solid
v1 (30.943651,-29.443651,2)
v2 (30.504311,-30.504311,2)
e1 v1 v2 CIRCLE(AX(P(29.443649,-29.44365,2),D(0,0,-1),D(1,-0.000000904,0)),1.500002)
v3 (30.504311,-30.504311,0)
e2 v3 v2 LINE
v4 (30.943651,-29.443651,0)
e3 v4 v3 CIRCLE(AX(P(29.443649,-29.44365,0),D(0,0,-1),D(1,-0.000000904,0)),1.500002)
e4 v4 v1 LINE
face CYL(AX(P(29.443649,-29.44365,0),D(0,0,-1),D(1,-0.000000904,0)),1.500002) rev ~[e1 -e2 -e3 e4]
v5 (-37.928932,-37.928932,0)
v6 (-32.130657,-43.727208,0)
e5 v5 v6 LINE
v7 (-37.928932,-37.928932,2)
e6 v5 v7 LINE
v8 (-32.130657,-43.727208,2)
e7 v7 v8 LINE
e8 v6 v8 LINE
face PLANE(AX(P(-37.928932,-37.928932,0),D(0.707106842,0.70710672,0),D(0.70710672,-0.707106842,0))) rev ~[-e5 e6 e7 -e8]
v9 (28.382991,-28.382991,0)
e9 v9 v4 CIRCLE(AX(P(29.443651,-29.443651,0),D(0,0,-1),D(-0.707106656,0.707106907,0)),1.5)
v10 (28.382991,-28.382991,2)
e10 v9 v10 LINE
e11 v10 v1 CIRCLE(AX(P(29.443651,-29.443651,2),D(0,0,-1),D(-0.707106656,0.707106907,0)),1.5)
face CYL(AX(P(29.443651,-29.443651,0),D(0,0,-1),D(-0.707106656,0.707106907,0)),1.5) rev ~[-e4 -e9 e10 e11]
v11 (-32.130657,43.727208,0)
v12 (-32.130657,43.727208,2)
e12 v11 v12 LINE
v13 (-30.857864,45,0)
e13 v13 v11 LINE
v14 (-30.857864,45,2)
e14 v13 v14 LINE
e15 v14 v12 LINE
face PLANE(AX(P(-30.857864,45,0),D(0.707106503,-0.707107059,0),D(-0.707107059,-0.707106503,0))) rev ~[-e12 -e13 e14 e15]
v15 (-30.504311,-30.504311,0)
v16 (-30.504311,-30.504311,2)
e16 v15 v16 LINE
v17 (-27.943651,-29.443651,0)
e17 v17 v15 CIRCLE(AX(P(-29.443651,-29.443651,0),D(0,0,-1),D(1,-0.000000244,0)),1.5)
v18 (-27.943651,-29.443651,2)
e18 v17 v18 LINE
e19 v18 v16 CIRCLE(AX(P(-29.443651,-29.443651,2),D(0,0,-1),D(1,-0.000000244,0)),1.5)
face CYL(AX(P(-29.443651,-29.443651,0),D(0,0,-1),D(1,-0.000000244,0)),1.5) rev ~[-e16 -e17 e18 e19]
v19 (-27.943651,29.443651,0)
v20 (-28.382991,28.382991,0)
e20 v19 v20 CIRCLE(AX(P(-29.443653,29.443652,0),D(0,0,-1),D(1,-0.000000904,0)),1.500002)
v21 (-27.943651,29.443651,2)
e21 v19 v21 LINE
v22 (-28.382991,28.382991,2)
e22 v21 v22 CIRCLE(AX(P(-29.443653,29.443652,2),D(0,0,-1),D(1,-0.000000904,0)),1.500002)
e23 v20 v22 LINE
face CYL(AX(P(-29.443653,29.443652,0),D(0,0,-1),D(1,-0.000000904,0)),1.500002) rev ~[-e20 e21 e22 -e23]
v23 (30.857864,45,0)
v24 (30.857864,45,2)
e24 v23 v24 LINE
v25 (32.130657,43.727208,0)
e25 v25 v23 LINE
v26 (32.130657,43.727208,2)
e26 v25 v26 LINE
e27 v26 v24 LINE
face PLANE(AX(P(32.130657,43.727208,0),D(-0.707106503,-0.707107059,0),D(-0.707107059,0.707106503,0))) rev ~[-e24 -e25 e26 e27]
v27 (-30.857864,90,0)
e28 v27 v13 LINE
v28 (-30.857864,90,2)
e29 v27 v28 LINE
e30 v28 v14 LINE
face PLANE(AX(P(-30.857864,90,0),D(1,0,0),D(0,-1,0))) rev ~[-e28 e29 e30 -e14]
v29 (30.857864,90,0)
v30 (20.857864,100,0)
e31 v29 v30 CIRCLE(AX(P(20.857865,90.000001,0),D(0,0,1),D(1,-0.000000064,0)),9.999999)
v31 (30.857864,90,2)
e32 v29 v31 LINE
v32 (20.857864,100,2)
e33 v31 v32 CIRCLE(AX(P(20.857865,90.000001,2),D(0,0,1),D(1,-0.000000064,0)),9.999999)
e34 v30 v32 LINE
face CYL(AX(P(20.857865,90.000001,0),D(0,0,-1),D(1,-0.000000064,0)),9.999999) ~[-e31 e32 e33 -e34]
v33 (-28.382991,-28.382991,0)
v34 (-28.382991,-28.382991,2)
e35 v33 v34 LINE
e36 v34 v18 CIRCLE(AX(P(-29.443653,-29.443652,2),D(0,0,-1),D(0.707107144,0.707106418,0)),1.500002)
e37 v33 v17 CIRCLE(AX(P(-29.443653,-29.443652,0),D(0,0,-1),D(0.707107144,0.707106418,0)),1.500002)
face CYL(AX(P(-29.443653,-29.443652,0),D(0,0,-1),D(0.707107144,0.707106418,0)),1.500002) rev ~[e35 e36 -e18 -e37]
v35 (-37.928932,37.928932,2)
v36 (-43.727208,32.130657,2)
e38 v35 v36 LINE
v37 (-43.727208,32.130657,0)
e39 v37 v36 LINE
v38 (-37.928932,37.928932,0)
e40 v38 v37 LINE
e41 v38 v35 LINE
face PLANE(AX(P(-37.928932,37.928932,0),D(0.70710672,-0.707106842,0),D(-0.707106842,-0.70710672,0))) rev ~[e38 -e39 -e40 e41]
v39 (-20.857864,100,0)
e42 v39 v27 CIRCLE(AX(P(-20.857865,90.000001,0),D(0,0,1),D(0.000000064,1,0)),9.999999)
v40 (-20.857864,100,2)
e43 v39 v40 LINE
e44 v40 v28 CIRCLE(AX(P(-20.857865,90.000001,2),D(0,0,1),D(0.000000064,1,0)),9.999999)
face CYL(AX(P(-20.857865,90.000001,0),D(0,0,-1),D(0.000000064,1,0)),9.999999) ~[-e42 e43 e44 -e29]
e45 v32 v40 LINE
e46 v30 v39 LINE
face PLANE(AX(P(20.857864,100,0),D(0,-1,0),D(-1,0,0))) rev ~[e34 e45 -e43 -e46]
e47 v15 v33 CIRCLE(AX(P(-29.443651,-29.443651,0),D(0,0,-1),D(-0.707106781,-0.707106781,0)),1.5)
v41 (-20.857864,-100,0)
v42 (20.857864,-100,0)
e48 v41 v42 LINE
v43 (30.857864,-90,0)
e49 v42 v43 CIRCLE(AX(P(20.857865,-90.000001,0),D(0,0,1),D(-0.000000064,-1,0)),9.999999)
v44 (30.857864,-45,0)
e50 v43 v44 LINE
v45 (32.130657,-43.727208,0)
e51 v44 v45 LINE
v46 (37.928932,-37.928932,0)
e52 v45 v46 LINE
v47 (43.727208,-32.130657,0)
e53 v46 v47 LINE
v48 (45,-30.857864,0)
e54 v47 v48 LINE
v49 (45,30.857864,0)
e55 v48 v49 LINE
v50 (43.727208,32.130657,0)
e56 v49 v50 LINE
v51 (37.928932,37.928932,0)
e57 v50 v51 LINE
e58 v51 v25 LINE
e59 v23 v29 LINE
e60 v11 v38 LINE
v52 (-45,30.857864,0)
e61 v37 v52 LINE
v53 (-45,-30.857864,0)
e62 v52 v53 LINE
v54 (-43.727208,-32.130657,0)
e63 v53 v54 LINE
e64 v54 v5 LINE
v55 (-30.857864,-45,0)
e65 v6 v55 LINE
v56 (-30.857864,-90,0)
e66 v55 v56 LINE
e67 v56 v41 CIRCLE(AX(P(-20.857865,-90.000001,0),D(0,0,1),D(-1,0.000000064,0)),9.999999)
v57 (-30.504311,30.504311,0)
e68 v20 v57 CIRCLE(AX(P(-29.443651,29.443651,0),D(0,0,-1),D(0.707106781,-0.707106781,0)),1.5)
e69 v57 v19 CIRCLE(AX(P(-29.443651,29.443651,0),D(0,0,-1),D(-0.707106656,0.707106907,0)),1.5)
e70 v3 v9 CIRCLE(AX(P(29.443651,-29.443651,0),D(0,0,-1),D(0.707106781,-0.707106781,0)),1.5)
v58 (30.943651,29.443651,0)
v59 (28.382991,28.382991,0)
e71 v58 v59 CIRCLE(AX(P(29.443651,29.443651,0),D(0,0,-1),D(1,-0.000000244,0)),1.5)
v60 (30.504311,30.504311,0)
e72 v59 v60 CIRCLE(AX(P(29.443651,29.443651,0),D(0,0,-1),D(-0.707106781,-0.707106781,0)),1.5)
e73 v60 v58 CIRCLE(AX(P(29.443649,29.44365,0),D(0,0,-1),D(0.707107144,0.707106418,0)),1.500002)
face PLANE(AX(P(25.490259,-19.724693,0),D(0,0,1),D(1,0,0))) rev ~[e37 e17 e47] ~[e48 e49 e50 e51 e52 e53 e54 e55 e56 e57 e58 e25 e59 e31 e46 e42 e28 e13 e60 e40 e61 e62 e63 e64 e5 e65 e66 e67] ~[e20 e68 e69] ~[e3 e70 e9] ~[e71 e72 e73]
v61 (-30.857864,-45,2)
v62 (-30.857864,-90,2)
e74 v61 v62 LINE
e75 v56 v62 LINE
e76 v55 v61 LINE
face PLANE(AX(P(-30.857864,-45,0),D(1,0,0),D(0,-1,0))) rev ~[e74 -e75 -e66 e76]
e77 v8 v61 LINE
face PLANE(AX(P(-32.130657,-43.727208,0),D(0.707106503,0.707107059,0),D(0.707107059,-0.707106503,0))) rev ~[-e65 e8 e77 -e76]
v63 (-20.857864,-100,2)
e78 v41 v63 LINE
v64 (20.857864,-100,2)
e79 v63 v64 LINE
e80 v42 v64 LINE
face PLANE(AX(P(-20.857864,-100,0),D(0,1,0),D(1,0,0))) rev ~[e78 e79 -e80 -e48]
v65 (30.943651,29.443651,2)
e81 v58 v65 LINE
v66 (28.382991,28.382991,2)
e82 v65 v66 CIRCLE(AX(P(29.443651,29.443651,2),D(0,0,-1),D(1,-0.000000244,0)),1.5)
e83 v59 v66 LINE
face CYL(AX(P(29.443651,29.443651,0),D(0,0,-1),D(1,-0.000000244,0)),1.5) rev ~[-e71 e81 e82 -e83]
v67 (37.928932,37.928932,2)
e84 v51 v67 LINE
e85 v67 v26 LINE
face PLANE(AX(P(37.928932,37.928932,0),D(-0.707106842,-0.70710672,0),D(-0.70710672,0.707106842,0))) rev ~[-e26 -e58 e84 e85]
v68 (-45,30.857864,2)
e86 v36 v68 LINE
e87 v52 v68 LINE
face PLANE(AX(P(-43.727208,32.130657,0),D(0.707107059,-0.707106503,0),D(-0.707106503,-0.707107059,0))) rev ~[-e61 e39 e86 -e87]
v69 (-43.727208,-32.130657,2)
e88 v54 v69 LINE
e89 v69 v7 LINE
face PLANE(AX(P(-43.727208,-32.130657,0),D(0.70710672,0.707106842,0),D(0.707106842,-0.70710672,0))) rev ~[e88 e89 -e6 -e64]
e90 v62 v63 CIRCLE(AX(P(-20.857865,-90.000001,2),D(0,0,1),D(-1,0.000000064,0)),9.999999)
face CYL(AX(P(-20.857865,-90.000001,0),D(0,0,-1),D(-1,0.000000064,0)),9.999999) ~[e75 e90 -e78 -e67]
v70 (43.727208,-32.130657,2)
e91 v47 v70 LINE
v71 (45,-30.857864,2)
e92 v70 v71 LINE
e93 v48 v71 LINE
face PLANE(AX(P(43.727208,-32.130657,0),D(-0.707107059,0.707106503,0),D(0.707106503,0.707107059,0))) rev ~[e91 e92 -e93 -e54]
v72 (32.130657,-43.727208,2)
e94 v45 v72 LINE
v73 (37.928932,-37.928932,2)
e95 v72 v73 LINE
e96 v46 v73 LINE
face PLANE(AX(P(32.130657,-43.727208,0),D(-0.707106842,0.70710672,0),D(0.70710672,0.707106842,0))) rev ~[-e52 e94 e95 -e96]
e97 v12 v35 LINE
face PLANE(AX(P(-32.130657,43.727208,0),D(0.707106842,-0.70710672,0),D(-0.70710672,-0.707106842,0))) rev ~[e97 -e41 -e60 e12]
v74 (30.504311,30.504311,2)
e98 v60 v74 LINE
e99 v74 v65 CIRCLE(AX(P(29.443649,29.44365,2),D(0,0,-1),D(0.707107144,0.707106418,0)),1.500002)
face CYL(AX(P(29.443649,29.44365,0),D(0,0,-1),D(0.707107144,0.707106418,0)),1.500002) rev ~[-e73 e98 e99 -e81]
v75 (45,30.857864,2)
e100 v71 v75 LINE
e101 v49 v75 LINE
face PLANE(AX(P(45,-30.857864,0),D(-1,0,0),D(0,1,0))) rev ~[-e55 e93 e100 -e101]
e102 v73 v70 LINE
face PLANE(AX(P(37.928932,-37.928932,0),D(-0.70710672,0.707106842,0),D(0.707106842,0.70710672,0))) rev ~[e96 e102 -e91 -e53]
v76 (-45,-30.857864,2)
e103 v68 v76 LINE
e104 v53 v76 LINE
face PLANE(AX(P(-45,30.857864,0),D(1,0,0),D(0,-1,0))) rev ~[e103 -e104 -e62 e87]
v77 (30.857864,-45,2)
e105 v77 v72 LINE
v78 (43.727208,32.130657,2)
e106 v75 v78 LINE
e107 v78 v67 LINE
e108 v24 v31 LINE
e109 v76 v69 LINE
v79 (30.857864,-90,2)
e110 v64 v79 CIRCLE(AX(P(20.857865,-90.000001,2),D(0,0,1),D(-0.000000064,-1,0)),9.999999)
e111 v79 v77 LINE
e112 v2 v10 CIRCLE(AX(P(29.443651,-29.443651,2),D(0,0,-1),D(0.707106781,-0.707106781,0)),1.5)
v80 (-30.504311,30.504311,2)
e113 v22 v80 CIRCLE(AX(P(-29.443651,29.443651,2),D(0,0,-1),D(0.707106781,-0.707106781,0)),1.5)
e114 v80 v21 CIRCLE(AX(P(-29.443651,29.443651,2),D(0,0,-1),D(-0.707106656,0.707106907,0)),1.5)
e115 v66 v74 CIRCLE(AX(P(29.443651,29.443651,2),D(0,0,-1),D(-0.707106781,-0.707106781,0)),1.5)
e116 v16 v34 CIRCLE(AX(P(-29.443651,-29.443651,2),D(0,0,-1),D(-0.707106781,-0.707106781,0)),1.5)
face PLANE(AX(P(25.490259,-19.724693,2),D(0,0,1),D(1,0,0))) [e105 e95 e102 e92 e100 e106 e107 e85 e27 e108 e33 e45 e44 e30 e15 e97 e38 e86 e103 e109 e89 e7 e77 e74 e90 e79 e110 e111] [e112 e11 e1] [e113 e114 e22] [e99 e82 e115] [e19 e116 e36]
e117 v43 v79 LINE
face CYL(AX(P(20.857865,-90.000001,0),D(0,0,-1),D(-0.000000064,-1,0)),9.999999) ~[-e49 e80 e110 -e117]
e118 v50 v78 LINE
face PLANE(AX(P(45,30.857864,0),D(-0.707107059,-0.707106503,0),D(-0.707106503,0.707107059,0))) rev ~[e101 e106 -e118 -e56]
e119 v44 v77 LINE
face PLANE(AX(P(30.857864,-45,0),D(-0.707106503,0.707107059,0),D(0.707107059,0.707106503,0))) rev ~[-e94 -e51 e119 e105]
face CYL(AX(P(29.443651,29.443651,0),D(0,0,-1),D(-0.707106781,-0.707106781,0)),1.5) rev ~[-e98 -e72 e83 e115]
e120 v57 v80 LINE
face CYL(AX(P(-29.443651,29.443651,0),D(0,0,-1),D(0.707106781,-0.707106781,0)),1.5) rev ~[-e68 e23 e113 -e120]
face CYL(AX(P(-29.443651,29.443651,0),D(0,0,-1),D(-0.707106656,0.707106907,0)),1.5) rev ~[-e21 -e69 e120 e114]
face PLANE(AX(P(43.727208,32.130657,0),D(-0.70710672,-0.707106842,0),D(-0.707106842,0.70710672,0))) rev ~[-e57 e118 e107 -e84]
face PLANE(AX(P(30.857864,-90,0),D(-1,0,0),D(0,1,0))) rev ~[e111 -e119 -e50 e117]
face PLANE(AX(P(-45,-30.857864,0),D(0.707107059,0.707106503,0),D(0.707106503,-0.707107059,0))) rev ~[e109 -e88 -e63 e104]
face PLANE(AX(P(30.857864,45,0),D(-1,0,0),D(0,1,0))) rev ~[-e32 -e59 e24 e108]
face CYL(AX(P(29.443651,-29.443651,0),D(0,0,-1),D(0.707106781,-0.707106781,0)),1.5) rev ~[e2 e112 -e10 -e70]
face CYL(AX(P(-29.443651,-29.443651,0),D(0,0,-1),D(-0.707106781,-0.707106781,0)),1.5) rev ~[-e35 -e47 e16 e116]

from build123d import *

# Parameters (mm, degrees)
F1_DEPTH = 2


with BuildPart() as f1:
    # F0 (on Top) → F1 (new body)
    with BuildSketch(Plane.XY):
        with BuildLine():
            Line((30.504311, -30.504311), (37.928932, -37.928932))
            Line((37.928932, -37.928932), (43.727208, -32.130657))
            Line((43.727208, -32.130657), (12.869343, -1.272792))
            Line((12.869343, -1.272792), (7.071068, -7.071068))
            Line((7.071068, -7.071068), (28.382991, -28.382991))
            ThreePointArc((28.382991, -28.382991), (30.017676, -28.057832), (30.943651, -29.443651))
            ThreePointArc((30.943651, -29.443651), (30.82947, -30.017676), (30.504311, -30.504311))
        make_face()
        with BuildLine():
            Line((-43.727208, -32.130657), (-37.928932, -37.928932))
            Line((-37.928932, -37.928932), (-30.504311, -30.504311))
            ThreePointArc((-30.504311, -30.504311), (-30.504311, -28.382991), (-28.382991, -28.382991))
            Line((-28.382991, -28.382991), (-7.071068, -7.071068))
            Line((-7.071068, -7.071068), (-12.869343, -1.272792))
            Line((-12.869343, -1.272792), (-43.727208, -32.130657))
        make_face()
        Polygon((14.142136, 0), (45, -30.857864), (45, 30.857864), align=None)
        Polygon((0, 11.596551), (5.798276, 5.798276), (7.071068, 7.071068), (1.272792, 12.869343), (32.130657, 43.727208), (30.857864, 45), (0, 14.142136), (-30.857864, 45), (-32.130657, 43.727208), (-1.272792, 12.869343), (-7.071068, 7.071068), (-5.798276, 5.798276), align=None)
        with BuildLine():
            Line((-28.382991, 28.382991), (-7.071068, 7.071068))
            Line((-7.071068, 7.071068), (-1.272792, 12.869343))
            Line((-1.272792, 12.869343), (-32.130657, 43.727208))
            Line((-32.130657, 43.727208), (-37.928932, 37.928932))
            Line((-37.928932, 37.928932), (-30.504311, 30.504311))
            ThreePointArc((-30.504311, 30.504311), (-28.869626, 30.82947), (-27.943651, 29.443651))
            ThreePointArc((-27.943651, 29.443651), (-28.057832, 28.869626), (-28.382991, 28.382991))
        make_face()
        Polygon((-5.798276, 5.798276), (0, 0), (5.798276, 5.798276), (0, 11.596551), align=None)
        Polygon((-30.857864, -45), (30.857864, -45), (0, -14.142136), align=None)
        Polygon((0, -14.142136), (30.857864, -45), (32.130657, -43.727208), (1.272792, -12.869343), (7.071068, -7.071068), (5.798276, -5.798276), (0, -11.596551), (-5.798276, -5.798276), (-7.071068, -7.071068), (-1.272792, -12.869343), (-32.130657, -43.727208), (-30.857864, -45), align=None)
        with BuildLine():
            Line((-37.928932, -37.928932), (-32.130657, -43.727208))
            Line((-32.130657, -43.727208), (-1.272792, -12.869343))
            Line((-1.272792, -12.869343), (-7.071068, -7.071068))
            Line((-7.071068, -7.071068), (-28.382991, -28.382991))
            ThreePointArc((-28.382991, -28.382991), (-28.057832, -28.869626), (-27.943651, -29.443651))
            ThreePointArc((-27.943651, -29.443651), (-28.869626, -30.82947), (-30.504311, -30.504311))
            Line((-30.504311, -30.504311), (-37.928932, -37.928932))
        make_face()
        with BuildLine():
            Line((-37.928932, 37.928932), (-43.727208, 32.130657))
            Line((-43.727208, 32.130657), (-12.869343, 1.272792))
            Line((-12.869343, 1.272792), (-7.071068, 7.071068))
            Line((-7.071068, 7.071068), (-28.382991, 28.382991))
            ThreePointArc((-28.382991, 28.382991), (-30.504311, 28.382991), (-30.504311, 30.504311))
            Line((-30.504311, 30.504311), (-37.928932, 37.928932))
        make_face()
        Polygon((-45, 30.857864), (-45, -30.857864), (-14.142136, 0), align=None)
        with BuildLine():
            Line((30.857864, -90), (30.857864, -45))
            Line((30.857864, -45), (-30.857864, -45))
            Line((-30.857864, -45), (-30.857864, -90))
            ThreePointArc((-30.857864, -90), (-27.928932, -97.071068), (-20.857864, -100))
            Line((-20.857864, -100), (20.857864, -100))
            ThreePointArc((20.857864, -100), (27.928932, -97.071068), (30.857864, -90))
        make_face()
        Polygon((0, 0), (5.798276, -5.798276), (11.596551, 0), (5.798276, 5.798276), align=None)
        Polygon((0, -11.596551), (5.798276, -5.798276), (0, 0), (-5.798276, -5.798276), align=None)
        Polygon((-45, -30.857864), (-43.727208, -32.130657), (-12.869343, -1.272792), (-7.071068, -7.071068), (-5.798276, -5.798276), (-11.596551, 0), (-5.798276, 5.798276), (-7.071068, 7.071068), (-12.869343, 1.272792), (-43.727208, 32.130657), (-45, 30.857864), (-14.142136, 0), align=None)
        with BuildLine():
            Line((30.504311, 30.504311), (37.928932, 37.928932))
            Line((37.928932, 37.928932), (32.130657, 43.727208))
            Line((32.130657, 43.727208), (1.272792, 12.869343))
            Line((1.272792, 12.869343), (7.071068, 7.071068))
            Line((7.071068, 7.071068), (28.382991, 28.382991))
            ThreePointArc((28.382991, 28.382991), (28.382991, 30.504311), (30.504311, 30.504311))
        make_face()
        with BuildLine():
            Line((12.869343, 1.272792), (43.727208, 32.130657))
            Line((43.727208, 32.130657), (37.928932, 37.928932))
            Line((37.928932, 37.928932), (30.504311, 30.504311))
            ThreePointArc((30.504311, 30.504311), (30.82947, 30.017676), (30.943651, 29.443651))
            ThreePointArc((30.943651, 29.443651), (30.017676, 28.057832), (28.382991, 28.382991))
            Line((28.382991, 28.382991), (7.071068, 7.071068))
            Line((7.071068, 7.071068), (12.869343, 1.272792))
        make_face()
        Polygon((0, 14.142136), (30.857864, 45), (-30.857864, 45), align=None)
        Polygon((-11.596551, 0), (-5.798276, -5.798276), (0, 0), (-5.798276, 5.798276), align=None)
        Polygon((12.869343, -1.272792), (43.727208, -32.130657), (45, -30.857864), (14.142136, 0), (45, 30.857864), (43.727208, 32.130657), (12.869343, 1.272792), (7.071068, 7.071068), (5.798276, 5.798276), (11.596551, 0), (5.798276, -5.798276), (7.071068, -7.071068), align=None)
        with BuildLine():
            Line((-30.857864, 45), (30.857864, 45))
            Line((30.857864, 45), (30.857864, 90))
            ThreePointArc((30.857864, 90), (27.928932, 97.071068), (20.857864, 100))
            Line((20.857864, 100), (-20.857864, 100))
            ThreePointArc((-20.857864, 100), (-27.928932, 97.071068), (-30.857864, 90))
            Line((-30.857864, 90), (-30.857864, 45))
        make_face()
        with BuildLine():
            Line((1.272792, -12.869343), (32.130657, -43.727208))
            Line((32.130657, -43.727208), (37.928932, -37.928932))
            Line((37.928932, -37.928932), (30.504311, -30.504311))
            ThreePointArc((30.504311, -30.504311), (28.382991, -30.504311), (28.382991, -28.382991))
            Line((28.382991, -28.382991), (7.071068, -7.071068))
            Line((7.071068, -7.071068), (1.272792, -12.869343))
        make_face()
    extrude(amount=F1_DEPTH)


solid = f1.part
